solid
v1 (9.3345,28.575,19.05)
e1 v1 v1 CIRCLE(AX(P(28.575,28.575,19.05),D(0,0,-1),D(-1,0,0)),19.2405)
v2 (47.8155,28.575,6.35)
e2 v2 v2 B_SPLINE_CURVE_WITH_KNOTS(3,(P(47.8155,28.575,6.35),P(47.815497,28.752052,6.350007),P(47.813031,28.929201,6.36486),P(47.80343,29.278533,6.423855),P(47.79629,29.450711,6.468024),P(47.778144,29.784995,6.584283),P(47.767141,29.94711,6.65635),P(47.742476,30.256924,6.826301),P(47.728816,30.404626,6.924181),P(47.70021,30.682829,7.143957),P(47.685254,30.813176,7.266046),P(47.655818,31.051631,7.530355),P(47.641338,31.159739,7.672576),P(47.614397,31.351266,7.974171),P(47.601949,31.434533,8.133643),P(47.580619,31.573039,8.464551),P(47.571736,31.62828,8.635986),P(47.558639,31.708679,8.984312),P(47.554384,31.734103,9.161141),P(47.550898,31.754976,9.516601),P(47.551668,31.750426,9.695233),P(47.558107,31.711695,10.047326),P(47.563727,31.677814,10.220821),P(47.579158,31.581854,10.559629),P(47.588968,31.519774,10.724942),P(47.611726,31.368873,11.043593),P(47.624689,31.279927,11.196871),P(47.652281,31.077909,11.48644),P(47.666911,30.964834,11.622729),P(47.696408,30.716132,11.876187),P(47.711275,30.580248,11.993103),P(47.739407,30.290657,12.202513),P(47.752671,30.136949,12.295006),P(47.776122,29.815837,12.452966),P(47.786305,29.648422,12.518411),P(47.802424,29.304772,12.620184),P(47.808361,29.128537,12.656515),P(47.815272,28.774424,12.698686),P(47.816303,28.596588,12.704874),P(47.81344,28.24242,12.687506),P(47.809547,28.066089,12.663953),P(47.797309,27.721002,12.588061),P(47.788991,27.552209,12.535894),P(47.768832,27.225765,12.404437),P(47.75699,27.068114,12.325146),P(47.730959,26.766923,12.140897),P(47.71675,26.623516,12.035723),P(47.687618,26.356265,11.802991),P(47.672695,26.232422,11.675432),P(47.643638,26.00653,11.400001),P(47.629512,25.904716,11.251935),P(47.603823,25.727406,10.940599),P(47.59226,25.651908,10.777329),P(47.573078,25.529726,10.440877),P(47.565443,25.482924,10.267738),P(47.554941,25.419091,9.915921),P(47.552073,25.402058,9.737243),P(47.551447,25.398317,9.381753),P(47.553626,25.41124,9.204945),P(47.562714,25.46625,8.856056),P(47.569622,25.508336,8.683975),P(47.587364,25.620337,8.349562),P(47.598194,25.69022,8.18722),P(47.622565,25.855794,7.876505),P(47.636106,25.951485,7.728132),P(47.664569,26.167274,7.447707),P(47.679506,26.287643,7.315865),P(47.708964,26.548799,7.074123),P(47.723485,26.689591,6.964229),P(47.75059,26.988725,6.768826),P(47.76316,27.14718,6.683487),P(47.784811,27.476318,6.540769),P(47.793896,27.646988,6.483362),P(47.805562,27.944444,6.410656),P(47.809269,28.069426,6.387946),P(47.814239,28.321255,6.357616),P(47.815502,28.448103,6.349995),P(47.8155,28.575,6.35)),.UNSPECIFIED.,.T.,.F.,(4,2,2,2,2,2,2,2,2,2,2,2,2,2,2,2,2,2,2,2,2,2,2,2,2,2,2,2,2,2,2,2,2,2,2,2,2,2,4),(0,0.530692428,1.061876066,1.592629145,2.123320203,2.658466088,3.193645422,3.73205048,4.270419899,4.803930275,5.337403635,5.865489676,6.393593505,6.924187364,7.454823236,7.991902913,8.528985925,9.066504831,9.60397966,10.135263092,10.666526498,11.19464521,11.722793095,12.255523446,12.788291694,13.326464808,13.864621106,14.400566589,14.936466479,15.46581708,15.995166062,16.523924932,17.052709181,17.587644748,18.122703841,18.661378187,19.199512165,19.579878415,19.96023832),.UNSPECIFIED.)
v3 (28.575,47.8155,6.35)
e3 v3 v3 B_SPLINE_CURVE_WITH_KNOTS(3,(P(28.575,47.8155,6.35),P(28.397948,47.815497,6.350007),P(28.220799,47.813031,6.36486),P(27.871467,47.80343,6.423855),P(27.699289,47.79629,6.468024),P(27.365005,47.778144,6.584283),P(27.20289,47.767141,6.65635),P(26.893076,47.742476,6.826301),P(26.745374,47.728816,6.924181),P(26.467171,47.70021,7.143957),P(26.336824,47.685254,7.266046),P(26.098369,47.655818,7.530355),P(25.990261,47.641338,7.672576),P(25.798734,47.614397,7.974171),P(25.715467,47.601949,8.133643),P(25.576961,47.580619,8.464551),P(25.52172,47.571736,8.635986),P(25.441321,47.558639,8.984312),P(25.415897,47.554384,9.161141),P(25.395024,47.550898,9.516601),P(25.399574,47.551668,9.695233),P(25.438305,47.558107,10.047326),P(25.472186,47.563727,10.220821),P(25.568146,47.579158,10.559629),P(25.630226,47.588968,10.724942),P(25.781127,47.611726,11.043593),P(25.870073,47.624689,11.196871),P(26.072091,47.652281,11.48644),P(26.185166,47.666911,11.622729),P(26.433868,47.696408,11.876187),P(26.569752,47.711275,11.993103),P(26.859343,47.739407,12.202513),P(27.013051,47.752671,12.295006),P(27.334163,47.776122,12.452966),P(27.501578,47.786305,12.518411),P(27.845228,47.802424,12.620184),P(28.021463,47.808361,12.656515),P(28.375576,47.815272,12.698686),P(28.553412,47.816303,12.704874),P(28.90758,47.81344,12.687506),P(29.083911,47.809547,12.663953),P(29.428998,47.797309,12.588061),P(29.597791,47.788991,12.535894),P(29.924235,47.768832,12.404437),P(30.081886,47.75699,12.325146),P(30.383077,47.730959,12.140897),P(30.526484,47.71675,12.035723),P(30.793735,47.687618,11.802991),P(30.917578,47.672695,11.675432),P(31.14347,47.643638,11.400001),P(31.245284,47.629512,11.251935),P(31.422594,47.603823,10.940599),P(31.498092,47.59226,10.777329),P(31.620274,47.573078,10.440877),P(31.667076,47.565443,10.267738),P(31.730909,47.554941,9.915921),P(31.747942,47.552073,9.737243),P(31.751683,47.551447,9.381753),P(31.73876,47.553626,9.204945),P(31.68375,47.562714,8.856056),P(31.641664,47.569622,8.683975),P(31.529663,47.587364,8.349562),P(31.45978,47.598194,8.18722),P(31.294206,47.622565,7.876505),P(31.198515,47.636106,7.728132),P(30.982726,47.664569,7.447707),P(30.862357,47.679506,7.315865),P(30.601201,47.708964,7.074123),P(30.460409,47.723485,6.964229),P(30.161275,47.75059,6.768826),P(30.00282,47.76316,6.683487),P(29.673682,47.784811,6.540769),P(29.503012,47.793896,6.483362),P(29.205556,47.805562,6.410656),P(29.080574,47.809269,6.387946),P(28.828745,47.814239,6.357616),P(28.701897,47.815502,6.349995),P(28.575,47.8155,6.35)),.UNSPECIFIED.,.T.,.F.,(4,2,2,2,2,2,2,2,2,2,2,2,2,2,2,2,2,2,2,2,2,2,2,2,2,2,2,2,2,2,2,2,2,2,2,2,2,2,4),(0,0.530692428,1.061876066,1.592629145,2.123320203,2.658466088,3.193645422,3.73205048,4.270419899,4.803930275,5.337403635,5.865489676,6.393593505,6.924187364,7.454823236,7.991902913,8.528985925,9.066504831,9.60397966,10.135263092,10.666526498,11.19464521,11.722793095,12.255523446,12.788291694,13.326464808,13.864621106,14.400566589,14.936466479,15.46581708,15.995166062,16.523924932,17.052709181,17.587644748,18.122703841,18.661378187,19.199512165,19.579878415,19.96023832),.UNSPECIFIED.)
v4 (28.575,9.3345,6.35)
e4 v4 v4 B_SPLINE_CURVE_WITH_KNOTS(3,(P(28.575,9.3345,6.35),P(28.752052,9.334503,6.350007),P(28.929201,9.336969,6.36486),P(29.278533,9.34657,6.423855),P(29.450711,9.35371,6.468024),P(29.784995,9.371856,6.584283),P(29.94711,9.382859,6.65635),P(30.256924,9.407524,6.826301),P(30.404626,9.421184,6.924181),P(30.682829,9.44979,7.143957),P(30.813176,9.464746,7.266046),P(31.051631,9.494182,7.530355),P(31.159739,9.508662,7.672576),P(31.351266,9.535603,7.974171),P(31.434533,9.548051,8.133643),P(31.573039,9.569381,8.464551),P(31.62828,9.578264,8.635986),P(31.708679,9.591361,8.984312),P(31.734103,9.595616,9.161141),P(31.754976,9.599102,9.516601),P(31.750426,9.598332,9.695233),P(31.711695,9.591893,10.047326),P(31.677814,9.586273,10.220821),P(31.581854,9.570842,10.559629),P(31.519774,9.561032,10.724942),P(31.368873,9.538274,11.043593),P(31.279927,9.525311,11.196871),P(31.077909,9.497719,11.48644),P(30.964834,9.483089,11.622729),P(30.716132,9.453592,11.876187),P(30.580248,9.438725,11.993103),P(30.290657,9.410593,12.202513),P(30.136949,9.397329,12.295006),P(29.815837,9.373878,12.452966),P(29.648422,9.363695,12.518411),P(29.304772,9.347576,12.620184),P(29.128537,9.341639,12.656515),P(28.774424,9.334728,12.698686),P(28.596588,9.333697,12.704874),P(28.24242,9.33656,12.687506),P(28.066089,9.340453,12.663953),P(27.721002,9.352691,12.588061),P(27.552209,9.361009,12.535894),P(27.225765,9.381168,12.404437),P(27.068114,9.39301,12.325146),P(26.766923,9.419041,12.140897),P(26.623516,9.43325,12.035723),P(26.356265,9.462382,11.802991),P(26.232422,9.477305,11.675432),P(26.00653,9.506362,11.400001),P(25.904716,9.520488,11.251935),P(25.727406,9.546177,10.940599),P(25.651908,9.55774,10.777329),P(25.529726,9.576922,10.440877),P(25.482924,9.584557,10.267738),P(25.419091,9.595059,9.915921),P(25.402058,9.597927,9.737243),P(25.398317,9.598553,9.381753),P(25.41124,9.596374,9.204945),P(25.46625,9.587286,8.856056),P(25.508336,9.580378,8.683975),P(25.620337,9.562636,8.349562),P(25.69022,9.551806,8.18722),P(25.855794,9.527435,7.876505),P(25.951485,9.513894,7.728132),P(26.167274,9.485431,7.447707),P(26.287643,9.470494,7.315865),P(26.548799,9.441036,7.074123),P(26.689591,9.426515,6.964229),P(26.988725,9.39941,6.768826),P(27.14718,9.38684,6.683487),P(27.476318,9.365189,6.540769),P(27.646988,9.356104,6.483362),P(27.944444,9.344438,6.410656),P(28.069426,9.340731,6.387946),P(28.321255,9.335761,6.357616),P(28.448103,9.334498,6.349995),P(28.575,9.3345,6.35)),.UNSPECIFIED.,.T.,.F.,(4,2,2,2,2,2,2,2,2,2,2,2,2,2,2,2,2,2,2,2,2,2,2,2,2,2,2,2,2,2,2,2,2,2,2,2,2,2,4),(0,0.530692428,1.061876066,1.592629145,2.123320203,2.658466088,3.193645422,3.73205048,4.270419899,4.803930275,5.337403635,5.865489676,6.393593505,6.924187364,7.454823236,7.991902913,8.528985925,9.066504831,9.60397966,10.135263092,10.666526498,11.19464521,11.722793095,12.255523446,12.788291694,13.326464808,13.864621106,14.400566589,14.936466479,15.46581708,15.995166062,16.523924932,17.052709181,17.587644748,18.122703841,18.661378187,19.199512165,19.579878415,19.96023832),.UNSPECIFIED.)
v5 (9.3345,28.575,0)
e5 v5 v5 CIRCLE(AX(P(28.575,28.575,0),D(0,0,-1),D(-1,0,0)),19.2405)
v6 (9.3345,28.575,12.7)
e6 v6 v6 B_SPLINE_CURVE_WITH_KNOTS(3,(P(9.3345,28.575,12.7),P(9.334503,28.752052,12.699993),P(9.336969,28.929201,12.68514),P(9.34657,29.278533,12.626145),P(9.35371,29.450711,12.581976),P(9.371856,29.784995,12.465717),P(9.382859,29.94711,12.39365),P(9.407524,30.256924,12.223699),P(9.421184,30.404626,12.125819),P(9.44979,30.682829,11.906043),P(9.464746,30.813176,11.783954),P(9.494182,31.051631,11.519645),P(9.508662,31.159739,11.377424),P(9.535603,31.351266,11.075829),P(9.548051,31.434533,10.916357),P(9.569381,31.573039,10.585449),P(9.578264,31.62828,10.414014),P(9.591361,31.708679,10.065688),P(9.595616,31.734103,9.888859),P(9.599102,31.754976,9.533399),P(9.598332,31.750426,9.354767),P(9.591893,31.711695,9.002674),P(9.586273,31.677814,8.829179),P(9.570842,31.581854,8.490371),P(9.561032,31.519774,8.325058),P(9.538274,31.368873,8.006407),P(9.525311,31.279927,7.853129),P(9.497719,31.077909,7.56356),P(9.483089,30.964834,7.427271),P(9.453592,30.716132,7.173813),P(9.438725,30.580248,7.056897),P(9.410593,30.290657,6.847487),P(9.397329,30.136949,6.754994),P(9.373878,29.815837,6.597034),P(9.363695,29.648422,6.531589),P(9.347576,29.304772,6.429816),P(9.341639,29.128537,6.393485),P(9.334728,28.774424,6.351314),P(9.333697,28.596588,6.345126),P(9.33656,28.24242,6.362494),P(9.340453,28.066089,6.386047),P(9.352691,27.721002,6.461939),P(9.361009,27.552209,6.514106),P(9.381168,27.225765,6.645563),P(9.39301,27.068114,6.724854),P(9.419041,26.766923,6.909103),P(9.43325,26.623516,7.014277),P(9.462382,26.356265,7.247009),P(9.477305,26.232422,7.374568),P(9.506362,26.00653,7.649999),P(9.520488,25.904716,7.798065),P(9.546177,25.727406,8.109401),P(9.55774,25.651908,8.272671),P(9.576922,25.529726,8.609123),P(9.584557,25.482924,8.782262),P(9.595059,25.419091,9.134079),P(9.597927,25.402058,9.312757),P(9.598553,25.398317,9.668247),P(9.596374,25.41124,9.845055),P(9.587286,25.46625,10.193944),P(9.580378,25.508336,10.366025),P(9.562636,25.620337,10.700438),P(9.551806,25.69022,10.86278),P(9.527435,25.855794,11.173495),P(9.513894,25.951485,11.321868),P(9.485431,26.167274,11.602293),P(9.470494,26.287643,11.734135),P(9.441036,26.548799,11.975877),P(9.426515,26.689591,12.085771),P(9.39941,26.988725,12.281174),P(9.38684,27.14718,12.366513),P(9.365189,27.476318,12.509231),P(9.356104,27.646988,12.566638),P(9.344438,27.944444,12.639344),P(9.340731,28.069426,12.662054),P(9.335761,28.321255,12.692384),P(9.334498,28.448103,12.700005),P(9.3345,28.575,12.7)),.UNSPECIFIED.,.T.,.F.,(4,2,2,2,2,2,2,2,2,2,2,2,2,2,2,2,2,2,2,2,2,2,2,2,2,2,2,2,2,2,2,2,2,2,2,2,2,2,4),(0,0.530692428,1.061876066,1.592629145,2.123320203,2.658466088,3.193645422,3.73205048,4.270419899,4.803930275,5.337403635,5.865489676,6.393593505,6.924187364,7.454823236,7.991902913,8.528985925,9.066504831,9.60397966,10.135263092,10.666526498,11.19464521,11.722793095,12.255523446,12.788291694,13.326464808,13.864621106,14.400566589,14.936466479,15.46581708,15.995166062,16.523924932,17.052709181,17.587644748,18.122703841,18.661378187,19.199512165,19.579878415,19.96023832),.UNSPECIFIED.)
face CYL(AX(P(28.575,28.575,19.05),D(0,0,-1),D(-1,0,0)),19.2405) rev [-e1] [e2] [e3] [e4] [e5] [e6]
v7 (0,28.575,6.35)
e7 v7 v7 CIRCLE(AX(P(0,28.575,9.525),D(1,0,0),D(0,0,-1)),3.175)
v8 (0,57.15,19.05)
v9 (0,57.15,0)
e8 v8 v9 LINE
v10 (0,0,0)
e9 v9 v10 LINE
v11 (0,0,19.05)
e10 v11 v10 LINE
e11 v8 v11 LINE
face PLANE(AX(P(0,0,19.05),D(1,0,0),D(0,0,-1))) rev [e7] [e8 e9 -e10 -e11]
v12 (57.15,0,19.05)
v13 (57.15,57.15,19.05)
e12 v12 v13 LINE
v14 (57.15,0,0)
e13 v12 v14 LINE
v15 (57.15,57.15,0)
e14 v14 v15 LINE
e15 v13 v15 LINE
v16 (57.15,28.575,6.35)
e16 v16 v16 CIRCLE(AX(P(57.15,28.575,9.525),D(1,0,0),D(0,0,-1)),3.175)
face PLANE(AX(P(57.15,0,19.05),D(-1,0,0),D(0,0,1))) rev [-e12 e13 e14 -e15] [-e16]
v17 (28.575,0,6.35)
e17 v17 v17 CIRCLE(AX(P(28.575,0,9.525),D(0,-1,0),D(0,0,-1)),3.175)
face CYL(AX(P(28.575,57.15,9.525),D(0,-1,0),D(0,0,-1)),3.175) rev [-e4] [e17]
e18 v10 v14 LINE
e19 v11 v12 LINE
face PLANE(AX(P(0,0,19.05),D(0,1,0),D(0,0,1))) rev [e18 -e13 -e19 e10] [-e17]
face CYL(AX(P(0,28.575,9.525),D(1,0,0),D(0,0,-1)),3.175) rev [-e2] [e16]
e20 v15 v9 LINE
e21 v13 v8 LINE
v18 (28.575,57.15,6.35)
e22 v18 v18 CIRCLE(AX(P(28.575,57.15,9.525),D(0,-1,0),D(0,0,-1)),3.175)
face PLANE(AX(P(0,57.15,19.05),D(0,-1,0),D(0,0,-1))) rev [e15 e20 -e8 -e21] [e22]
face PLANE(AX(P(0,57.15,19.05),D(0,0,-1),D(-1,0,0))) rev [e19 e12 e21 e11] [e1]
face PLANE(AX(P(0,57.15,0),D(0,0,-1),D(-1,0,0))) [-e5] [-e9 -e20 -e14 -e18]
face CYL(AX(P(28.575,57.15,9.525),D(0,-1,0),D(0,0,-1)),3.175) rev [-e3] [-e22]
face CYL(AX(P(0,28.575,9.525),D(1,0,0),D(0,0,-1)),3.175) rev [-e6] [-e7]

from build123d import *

# Parameters (mm, degrees)
SKETCH1_W           = 57.15
SKETCH1_H           = 57.15
BOSS_EXTRUDE1_DEPTH = 19.05
SKETCH2_R           = 19.2405
CUT_EXTRUDE1_DEPTH  = 19.05
SKETCH5_R           = 3.175
CUT_EXTRUDE2_DEPTH  = 84.037024874
SKETCH6_R           = 3.175
CUT_EXTRUDE3_DEPTH  = 84.037024966


with BuildPart() as part:
    # Sketch1 → Boss-Extrude1 (new body)
    with BuildSketch(Plane.XY):
        with Locations((28.575, 28.575)):
            Rectangle(SKETCH1_W, SKETCH1_H)
    extrude(amount=BOSS_EXTRUDE1_DEPTH)

    # Sketch2 → Cut-Extrude1 (cut)
    with BuildSketch(Plane(origin=(0, 0, 0), x_dir=(-1, 0, 0), z_dir=(0, 0, -1))):
        with Locations((-28.575, 28.575)):
            Circle(SKETCH2_R)
    extrude(amount=-CUT_EXTRUDE1_DEPTH, mode=Mode.SUBTRACT)

    # Sketch5 → Cut-Extrude2 (cut, through all)
    with BuildSketch(Plane(origin=(57.15, 0, 0), x_dir=(0, 0, -1), z_dir=(1, 0, 0))):
        with Locations((-9.525, 28.575)):
            Circle(SKETCH5_R)
    extrude(amount=-CUT_EXTRUDE2_DEPTH, mode=Mode.SUBTRACT)

    # Sketch6 → Cut-Extrude3 (cut, through all)
    with BuildSketch(Plane.XZ):
        with Locations(Location((28.575, 9.525, 0), (0, 0, 270))):
            Circle(SKETCH6_R)
    extrude(amount=-CUT_EXTRUDE3_DEPTH, mode=Mode.SUBTRACT)


solid = part.part
